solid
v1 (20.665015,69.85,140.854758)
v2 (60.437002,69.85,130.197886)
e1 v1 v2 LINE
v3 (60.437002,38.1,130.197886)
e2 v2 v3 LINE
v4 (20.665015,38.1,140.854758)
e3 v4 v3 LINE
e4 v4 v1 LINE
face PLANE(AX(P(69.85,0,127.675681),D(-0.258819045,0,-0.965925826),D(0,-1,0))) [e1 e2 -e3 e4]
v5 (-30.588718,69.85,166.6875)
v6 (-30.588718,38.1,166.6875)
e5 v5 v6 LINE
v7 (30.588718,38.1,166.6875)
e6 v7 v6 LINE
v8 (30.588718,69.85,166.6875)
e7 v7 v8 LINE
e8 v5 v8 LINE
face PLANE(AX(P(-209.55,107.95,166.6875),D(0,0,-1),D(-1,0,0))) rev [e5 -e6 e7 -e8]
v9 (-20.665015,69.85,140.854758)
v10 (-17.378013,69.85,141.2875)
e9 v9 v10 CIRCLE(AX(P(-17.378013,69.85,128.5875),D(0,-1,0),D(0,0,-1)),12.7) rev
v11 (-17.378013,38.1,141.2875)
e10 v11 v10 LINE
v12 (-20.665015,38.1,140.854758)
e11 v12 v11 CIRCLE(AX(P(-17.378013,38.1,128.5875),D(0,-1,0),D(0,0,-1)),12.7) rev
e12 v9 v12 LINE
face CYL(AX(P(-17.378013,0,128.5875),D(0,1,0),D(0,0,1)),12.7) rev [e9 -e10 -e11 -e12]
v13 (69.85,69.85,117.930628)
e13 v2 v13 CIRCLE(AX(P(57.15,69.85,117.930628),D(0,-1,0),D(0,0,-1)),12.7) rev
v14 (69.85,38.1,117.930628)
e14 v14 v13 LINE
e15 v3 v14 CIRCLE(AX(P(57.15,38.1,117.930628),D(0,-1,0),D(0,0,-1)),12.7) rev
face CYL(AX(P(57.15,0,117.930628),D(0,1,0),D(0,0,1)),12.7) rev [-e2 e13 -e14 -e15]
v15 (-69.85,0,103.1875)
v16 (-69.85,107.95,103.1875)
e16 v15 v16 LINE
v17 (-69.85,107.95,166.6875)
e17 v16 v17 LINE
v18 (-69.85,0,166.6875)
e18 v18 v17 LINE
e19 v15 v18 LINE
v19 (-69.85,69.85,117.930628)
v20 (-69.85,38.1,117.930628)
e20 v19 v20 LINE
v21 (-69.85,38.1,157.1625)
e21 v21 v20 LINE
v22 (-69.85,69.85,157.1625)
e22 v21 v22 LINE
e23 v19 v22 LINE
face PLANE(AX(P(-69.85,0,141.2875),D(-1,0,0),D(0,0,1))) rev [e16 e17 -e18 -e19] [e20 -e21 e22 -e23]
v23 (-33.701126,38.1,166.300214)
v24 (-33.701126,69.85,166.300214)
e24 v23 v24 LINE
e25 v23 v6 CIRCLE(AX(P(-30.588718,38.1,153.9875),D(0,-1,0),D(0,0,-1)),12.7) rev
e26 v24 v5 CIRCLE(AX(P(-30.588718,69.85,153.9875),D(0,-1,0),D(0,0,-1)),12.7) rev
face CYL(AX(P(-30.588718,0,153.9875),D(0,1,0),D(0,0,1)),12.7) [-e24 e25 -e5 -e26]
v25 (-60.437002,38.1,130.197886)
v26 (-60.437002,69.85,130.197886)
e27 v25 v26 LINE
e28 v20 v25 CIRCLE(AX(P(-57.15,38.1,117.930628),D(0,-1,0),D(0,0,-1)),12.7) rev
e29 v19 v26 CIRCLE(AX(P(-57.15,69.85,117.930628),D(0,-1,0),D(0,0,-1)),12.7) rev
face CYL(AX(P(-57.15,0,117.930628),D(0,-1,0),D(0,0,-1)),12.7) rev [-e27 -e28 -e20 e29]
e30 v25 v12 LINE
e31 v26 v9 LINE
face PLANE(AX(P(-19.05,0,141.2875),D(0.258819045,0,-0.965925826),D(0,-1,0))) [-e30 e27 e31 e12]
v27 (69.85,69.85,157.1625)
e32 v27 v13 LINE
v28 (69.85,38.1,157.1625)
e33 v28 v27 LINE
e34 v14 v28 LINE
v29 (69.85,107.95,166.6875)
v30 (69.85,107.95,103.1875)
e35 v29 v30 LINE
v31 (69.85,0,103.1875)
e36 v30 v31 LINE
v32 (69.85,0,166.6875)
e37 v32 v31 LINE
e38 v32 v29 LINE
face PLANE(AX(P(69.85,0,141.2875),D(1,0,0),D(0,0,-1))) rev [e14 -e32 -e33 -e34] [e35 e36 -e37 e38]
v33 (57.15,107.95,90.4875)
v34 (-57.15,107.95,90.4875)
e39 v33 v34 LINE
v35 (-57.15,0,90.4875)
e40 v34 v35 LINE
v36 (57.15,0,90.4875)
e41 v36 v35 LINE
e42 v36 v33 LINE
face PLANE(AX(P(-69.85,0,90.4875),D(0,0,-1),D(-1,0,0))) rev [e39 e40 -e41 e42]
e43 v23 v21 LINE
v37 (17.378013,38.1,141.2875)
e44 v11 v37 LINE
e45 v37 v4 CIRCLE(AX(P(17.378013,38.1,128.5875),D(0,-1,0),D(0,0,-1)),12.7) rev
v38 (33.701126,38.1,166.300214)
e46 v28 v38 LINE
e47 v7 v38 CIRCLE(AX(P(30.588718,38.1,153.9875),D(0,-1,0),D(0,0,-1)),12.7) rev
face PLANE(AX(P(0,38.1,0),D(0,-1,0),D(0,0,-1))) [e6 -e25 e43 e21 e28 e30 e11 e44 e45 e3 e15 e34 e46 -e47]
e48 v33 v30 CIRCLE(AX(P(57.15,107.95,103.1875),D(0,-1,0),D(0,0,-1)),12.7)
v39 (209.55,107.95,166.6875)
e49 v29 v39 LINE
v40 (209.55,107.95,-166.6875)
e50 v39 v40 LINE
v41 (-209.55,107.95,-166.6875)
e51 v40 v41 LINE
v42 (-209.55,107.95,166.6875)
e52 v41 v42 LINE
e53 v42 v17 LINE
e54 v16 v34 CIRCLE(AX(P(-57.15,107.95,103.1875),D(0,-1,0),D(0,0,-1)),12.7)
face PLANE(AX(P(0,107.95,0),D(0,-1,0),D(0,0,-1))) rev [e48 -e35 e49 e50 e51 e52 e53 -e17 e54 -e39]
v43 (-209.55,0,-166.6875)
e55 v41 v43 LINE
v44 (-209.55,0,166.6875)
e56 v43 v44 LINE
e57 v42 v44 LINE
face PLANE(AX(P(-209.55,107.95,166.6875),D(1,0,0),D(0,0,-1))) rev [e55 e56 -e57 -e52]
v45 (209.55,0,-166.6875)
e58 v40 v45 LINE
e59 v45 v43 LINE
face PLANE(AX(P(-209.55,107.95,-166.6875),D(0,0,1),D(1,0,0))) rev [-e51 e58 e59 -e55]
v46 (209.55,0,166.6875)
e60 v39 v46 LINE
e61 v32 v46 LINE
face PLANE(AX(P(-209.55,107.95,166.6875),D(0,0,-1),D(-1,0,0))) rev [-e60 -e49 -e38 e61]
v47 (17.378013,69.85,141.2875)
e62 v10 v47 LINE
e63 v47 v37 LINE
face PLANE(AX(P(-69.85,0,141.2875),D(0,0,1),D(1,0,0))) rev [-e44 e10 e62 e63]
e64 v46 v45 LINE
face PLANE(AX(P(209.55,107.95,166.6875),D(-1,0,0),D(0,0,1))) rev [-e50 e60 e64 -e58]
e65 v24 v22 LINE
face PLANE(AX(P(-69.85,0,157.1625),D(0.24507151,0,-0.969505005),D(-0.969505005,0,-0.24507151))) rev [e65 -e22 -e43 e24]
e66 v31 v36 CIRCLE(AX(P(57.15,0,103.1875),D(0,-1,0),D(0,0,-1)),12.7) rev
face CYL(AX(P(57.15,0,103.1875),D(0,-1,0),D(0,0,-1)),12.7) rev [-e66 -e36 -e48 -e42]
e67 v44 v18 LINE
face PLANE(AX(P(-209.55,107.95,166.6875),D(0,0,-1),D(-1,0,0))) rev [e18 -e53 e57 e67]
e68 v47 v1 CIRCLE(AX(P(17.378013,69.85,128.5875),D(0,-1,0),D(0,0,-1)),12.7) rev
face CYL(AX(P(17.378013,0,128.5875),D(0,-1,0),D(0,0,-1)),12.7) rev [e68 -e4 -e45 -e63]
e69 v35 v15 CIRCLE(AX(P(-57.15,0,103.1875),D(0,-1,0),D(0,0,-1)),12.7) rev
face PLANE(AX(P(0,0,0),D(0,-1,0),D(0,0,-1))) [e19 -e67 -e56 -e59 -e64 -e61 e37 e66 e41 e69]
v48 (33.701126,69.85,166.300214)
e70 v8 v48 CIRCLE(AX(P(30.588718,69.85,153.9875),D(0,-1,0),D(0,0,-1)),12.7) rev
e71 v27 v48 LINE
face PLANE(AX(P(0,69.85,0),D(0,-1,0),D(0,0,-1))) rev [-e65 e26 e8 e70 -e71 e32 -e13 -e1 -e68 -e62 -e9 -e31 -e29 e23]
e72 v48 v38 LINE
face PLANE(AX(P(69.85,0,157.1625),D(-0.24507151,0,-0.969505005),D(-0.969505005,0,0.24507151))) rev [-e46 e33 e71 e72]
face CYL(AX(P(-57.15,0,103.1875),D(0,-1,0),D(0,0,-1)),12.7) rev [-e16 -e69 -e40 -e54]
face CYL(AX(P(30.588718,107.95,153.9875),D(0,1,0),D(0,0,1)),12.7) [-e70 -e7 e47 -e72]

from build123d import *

# Parameters (mm, degrees)
SKETCH1_W           = 419.1
SKETCH1_H           = 333.375
BOSS_EXTRUDE1_DEPTH = 107.95
SKETCH2_W           = 139.7
SKETCH2_H           = 50.8
CUT_EXTRUDE1_DEPTH  = 108.95
CHAMFER1_SIZE       = 50.8
CHAMFER1_SIZE2      = 13.611818976
FILLET1_R           = 12.7
SKETCH3_W           = 139.7
SKETCH3_H           = 56.403006085
CUT_EXTRUDE2_DEPTH  = 38.1
SKETCH4_W           = 139.7
SKETCH4_H           = 56.128435861
CUT_EXTRUDE3_DEPTH  = 38.1


with BuildPart() as part:
    # Sketch1 → Boss-Extrude1 (new body)
    with BuildSketch(Plane(origin=(0, 0, 0), x_dir=(1, 0, 0), z_dir=(0, 1, 0))):
        Rectangle(SKETCH1_W, SKETCH1_H)
    extrude(amount=BOSS_EXTRUDE1_DEPTH)

    # Sketch2 → Cut-Extrude1 (cut, through all)
    with BuildSketch(Plane(origin=(0, 107.95, 0), x_dir=(1, 0, 0), z_dir=(0, 1, 0))):
        with Locations((0, -115.8875)):
            Rectangle(SKETCH2_W, SKETCH2_H)
        Polygon((-69.85, -166.6875), (-69.85, -157.1625), (-32.169017961, -166.6875), align=None)
        Polygon((32.169017961, -166.6875), (69.85, -166.6875), (69.85, -157.1625), align=None)
    extrude(amount=-CUT_EXTRUDE1_DEPTH, mode=Mode.SUBTRACT)

    # Chamfer1
    chamfer1_edges = [part.edges().sort_by_distance(p)[0] for p in [
        (69.85, 53.975, 141.2875),
        (-69.85, 53.975, 141.2875),
    ]]
    chamfer1_side = [part.faces().sort_by_distance(p)[0] for p in [
        (0, 53.975, 141.2875),
    ]]
    chamfer(chamfer1_edges, length=CHAMFER1_SIZE, length2=CHAMFER1_SIZE2, reference=chamfer1_side[0])

    # Fillet1
    fillet1_edges = [part.edges().sort_by_distance(p)[0] for p in [
        (69.85, 53.975, 90.4875),
        (-69.85, 53.975, 90.4875),
        (-32.169017961, 53.975, 166.6875),
        (32.169017961, 53.975, 166.6875),
        (69.85, 53.975, 127.675681024),
        (-19.05, 53.975, 141.2875),
        (19.05, 53.975, 141.2875),
        (-69.85, 53.975, 127.675681024),
    ]]
    fillet(fillet1_edges, radius=FILLET1_R)

    # Sketch3 → Cut-Extrude2 (cut)
    with BuildSketch(Plane(origin=(0, 107.95, 0), x_dir=(1, 0, 0), z_dir=(0, 1, 0))):
        with Locations((0, -138.485996957)):
            Rectangle(SKETCH3_W, SKETCH3_H)
    extrude(amount=-CUT_EXTRUDE2_DEPTH, mode=Mode.SUBTRACT)

    # Sketch4 → Cut-Extrude3 (cut)
    with BuildSketch(Plane.XZ):
        with Locations((0, 138.623282069)):
            Rectangle(SKETCH4_W, SKETCH4_H)
    extrude(amount=-CUT_EXTRUDE3_DEPTH, mode=Mode.SUBTRACT)


solid = part.part
